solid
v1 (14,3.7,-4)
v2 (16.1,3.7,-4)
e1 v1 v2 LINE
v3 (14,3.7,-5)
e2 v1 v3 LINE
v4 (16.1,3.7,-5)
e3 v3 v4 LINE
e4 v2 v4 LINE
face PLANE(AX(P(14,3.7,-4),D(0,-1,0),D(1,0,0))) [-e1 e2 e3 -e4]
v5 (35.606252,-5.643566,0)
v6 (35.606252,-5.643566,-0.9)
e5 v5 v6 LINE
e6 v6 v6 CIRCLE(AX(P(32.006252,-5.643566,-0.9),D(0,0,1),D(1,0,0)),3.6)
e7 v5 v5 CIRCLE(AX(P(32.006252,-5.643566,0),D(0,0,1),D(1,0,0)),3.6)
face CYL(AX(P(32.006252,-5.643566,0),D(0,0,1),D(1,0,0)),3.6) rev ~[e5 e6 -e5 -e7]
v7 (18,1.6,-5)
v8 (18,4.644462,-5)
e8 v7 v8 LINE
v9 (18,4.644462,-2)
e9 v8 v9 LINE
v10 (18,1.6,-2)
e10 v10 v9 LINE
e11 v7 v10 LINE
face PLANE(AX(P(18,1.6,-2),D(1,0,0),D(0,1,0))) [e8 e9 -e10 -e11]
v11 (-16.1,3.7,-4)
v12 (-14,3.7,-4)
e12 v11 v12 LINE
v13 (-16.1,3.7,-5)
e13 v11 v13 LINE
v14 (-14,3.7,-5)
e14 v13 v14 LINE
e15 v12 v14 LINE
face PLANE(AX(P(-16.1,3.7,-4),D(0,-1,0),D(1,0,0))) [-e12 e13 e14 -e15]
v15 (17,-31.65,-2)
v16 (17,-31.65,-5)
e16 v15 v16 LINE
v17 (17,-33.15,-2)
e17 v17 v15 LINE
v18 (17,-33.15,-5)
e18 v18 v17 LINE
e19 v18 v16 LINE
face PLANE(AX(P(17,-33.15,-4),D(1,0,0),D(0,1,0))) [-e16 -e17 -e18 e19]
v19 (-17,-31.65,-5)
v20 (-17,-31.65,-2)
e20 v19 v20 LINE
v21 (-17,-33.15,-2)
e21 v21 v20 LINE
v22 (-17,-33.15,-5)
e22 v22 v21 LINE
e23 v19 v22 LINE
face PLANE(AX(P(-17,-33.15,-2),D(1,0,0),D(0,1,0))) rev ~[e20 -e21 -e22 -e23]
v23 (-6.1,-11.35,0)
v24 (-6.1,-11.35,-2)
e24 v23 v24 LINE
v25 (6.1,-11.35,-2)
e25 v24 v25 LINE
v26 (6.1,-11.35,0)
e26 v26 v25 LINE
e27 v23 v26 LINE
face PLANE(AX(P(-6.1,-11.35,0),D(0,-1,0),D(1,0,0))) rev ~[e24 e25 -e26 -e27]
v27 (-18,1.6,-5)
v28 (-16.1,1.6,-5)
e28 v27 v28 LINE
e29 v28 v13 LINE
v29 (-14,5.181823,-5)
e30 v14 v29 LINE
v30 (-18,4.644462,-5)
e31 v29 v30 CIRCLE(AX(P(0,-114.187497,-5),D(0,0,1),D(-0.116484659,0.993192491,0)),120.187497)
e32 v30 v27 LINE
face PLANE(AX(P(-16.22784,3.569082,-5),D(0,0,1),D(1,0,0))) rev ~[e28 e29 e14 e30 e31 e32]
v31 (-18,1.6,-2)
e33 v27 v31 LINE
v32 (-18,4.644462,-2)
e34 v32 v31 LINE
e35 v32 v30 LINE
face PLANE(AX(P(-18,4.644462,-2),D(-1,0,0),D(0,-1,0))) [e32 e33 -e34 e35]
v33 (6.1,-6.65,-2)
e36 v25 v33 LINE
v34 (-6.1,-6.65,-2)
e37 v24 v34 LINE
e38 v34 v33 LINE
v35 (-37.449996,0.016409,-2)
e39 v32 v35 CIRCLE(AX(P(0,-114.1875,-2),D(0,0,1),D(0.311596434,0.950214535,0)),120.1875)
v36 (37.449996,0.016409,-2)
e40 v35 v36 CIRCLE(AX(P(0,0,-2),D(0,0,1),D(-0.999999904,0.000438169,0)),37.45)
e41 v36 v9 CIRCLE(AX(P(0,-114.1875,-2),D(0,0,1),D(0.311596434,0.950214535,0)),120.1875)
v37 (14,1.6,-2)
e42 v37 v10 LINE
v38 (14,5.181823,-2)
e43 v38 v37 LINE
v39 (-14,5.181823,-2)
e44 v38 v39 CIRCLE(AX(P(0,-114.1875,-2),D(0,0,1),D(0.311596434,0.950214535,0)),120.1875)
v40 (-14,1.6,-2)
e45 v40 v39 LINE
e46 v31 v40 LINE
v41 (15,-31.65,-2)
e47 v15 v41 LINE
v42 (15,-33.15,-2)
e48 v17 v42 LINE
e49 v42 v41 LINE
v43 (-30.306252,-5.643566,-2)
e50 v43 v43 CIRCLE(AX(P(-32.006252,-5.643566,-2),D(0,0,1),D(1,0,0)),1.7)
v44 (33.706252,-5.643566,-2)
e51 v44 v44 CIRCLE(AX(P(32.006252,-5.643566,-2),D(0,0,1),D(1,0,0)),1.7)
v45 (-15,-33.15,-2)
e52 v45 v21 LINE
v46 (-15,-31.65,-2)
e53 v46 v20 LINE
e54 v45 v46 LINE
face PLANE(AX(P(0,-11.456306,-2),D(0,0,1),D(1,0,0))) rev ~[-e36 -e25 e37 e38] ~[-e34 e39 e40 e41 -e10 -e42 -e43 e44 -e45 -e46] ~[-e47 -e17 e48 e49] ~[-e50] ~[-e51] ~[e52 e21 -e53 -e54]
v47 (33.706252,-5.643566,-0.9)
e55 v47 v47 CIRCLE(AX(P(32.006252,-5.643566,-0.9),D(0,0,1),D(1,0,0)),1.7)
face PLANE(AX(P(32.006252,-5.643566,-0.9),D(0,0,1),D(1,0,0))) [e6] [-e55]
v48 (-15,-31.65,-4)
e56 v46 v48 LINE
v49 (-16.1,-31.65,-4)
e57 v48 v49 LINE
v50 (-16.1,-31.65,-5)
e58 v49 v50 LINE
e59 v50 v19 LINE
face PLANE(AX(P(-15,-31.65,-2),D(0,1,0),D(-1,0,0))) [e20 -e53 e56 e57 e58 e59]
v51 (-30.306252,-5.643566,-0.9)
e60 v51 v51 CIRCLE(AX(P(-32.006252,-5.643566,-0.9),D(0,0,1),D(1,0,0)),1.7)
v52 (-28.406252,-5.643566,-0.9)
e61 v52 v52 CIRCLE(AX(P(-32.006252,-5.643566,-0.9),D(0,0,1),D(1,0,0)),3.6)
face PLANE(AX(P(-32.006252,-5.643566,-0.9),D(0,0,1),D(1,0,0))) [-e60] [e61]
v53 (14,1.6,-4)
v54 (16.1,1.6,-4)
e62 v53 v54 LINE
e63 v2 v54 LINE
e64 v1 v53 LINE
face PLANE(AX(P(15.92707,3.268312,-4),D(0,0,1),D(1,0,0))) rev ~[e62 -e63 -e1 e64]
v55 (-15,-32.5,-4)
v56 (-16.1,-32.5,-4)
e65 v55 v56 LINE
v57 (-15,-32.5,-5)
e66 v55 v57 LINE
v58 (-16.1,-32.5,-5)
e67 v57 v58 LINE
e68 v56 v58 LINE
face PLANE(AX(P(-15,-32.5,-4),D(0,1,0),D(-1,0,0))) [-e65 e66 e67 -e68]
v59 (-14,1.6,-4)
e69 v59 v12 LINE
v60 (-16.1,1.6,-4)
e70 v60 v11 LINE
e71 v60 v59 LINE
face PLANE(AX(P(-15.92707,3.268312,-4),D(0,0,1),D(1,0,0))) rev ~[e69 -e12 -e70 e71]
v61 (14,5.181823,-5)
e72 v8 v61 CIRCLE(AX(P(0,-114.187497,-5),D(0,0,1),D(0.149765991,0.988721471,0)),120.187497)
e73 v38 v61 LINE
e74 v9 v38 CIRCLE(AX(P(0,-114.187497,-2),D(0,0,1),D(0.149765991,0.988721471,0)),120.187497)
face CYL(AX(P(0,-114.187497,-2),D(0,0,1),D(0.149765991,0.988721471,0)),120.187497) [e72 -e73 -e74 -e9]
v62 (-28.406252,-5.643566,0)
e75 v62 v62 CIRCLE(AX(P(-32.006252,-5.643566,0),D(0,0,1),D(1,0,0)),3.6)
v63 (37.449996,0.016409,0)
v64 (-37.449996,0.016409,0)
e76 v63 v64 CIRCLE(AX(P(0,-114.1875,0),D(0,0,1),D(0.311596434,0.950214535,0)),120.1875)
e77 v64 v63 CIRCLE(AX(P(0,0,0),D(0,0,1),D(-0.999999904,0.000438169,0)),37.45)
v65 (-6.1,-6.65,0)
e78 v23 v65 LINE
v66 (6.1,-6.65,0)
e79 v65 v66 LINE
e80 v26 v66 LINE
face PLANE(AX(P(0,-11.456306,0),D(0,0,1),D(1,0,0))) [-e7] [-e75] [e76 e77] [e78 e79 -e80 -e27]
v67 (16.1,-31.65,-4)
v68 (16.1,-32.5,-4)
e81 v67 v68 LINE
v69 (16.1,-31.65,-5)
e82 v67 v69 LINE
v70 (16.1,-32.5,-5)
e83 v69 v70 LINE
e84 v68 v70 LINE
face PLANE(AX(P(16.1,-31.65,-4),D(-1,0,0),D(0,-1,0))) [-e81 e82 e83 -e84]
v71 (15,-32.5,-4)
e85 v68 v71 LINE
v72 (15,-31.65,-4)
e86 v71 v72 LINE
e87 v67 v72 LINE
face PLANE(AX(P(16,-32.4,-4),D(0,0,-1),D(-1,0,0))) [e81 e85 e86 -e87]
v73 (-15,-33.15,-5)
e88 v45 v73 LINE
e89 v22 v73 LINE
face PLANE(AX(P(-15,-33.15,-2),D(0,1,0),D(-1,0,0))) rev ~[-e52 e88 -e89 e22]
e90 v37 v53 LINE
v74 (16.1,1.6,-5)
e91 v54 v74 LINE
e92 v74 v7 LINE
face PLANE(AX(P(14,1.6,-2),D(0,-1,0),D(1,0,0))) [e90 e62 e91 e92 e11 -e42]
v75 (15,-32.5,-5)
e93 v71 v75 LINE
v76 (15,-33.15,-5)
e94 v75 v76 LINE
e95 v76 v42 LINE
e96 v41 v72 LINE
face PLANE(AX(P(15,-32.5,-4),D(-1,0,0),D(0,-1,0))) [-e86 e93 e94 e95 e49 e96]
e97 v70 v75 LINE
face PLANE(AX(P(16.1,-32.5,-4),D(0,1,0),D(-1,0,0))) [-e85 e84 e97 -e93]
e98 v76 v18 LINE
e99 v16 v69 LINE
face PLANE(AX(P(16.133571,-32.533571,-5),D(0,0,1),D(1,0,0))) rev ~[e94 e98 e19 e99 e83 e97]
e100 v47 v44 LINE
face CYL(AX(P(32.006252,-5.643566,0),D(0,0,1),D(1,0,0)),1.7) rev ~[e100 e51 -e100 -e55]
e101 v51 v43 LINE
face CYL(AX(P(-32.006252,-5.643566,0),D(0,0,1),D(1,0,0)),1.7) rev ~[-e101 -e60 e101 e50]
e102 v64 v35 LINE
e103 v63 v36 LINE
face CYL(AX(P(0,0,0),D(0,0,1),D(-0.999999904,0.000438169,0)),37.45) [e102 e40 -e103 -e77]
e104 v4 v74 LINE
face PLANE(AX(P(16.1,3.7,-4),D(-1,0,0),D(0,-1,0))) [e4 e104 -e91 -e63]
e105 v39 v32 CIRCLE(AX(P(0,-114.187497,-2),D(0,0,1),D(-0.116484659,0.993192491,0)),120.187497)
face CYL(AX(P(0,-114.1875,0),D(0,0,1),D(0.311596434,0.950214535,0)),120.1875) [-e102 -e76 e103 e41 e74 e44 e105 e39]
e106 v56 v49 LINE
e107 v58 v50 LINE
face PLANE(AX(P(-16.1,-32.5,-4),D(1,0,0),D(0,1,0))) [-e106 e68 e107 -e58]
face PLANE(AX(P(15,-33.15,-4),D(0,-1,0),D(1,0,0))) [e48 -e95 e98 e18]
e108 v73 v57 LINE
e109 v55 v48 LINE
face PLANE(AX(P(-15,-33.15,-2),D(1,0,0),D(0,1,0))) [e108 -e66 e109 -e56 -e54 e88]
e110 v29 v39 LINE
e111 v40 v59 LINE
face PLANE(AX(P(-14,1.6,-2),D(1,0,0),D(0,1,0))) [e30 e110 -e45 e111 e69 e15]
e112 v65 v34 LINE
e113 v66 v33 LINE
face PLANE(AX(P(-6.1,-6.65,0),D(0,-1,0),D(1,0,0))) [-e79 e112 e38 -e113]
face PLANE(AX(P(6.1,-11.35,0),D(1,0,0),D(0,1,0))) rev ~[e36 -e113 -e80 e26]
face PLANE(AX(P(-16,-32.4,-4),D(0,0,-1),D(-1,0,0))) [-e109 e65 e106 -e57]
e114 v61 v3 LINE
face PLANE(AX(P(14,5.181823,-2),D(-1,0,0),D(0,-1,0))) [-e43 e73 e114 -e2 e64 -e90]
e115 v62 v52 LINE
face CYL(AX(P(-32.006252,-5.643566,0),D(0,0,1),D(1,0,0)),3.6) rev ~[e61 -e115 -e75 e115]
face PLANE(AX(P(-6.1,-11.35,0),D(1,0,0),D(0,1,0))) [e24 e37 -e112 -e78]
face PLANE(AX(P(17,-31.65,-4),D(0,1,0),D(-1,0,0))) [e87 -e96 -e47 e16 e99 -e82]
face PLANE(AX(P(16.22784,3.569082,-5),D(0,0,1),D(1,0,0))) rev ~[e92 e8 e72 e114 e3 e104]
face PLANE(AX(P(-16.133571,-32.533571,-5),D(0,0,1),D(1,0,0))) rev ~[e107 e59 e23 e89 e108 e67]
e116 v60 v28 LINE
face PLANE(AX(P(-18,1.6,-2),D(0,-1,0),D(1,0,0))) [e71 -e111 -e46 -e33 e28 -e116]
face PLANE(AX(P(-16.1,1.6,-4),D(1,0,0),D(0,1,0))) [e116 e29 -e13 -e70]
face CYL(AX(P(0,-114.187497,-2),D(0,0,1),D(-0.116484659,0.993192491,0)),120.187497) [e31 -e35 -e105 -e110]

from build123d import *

# Parameters (mm, degrees)
SKETCH_2_R          = 1.7
SKETCH_2_W          = 12.2
SKETCH_2_H          = 4.7
EXTRUDE_1_DEPTH     = 2
SKETCH_3_R          = 3.6
CUT_EXTRUDE_1_DEPTH = 0.9
SKETCH_4_W          = 2
SKETCH_4_H          = 1.5
EXTRUDE_2_DEPTH     = 2
EXTRUDE_3_DEPTH     = 1


with BuildPart() as part:
    # 草图2 → 凸台-拉伸1 (new body)
    with BuildSketch(Plane.XY):
        with BuildLine():
            ThreePointArc((-37.449996405, 0.016409414), (0, -37.45), (37.449996405, 0.016409414))
            ThreePointArc((37.449996405, 0.016409414), (0, 6), (-37.449996405, 0.016409414))
        make_face()
        with Locations((-32.006251973, -5.643565774)):
            Circle(SKETCH_2_R, mode=Mode.SUBTRACT)
        with Locations((32.006251973, -5.643565774)):
            Circle(SKETCH_2_R, mode=Mode.SUBTRACT)
        with Locations((0, -9)):
            Rectangle(SKETCH_2_W, SKETCH_2_H, mode=Mode.SUBTRACT)
    extrude(amount=-EXTRUDE_1_DEPTH)

    # 草图3 → 切除-拉伸1 (cut)
    with BuildSketch(Plane.XY):
        with Locations((-32.006251973, -5.643565774)):
            Circle(SKETCH_3_R)
        with Locations((32.006251973, -5.643565774)):
            Circle(SKETCH_3_R)
    extrude(amount=-CUT_EXTRUDE_1_DEPTH, mode=Mode.SUBTRACT)

    # 草图4 → 凸台-拉伸2 (add)
    with BuildSketch(Plane(origin=(0, 0, -2), x_dir=(-1, 0, 0), z_dir=(0, 0, -1))):
        with Locations((-16, -32.4)):
            Rectangle(SKETCH_4_W, SKETCH_4_H)
        with Locations((16, -32.4)):
            Rectangle(SKETCH_4_W, SKETCH_4_H)
        with BuildLine():
            Line((-18, 1.6), (-18, 4.644461846))
            ThreePointArc((-18, 4.644461846), (-16.002255751, 4.929933515), (-14, 5.181822509))
            Line((-14, 5.181822509), (-14, 1.6))
            Line((-14, 1.6), (-18, 1.6))
        make_face()
        with BuildLine():
            Line((18, 4.644461846), (18, 1.6))
            Line((18, 1.6), (14, 1.6))
            Line((14, 1.6), (14, 5.181822509))
            ThreePointArc((14, 5.181822509), (16.002255751, 4.929933515), (18, 4.644461846))
        make_face()
    extrude(amount=EXTRUDE_2_DEPTH)

    # 草图5 → 凸台-拉伸3 (add)
    with BuildSketch(Plane(origin=(0, 0, -4), x_dir=(-1, 0, 0), z_dir=(0, 0, -1))):
        Polygon((-16.1, -32.5), (-15, -32.5), (-15, -33.15), (-17, -33.15), (-17, -31.65), (-16.1, -31.65), align=None)
        Polygon((16.1, -32.5), (16.1, -31.65), (17, -31.65), (17, -33.15), (15, -33.15), (15, -32.5), align=None)
        with BuildLine():
            Line((-18, 1.6), (-18, 4.644461846))
            ThreePointArc((-18, 4.644461846), (-16.002255751, 4.929933515), (-14, 5.181822509))
            Line((-14, 5.181822509), (-14, 3.7))
            Line((-14, 3.7), (-16.1, 3.7))
            Line((-16.1, 3.7), (-16.1, 1.6))
            Line((-16.1, 1.6), (-18, 1.6))
        make_face()
        with BuildLine():
            Line((14, 3.7), (14, 5.181822509))
            ThreePointArc((14, 5.181822509), (16.002255751, 4.929933515), (18, 4.644461846))
            Line((18, 4.644461846), (18, 1.6))
            Line((18, 1.6), (16.1, 1.6))
            Line((16.1, 1.6), (16.1, 3.7))
            Line((16.1, 3.7), (14, 3.7))
        make_face()
    extrude(amount=EXTRUDE_3_DEPTH)


solid = part.part
